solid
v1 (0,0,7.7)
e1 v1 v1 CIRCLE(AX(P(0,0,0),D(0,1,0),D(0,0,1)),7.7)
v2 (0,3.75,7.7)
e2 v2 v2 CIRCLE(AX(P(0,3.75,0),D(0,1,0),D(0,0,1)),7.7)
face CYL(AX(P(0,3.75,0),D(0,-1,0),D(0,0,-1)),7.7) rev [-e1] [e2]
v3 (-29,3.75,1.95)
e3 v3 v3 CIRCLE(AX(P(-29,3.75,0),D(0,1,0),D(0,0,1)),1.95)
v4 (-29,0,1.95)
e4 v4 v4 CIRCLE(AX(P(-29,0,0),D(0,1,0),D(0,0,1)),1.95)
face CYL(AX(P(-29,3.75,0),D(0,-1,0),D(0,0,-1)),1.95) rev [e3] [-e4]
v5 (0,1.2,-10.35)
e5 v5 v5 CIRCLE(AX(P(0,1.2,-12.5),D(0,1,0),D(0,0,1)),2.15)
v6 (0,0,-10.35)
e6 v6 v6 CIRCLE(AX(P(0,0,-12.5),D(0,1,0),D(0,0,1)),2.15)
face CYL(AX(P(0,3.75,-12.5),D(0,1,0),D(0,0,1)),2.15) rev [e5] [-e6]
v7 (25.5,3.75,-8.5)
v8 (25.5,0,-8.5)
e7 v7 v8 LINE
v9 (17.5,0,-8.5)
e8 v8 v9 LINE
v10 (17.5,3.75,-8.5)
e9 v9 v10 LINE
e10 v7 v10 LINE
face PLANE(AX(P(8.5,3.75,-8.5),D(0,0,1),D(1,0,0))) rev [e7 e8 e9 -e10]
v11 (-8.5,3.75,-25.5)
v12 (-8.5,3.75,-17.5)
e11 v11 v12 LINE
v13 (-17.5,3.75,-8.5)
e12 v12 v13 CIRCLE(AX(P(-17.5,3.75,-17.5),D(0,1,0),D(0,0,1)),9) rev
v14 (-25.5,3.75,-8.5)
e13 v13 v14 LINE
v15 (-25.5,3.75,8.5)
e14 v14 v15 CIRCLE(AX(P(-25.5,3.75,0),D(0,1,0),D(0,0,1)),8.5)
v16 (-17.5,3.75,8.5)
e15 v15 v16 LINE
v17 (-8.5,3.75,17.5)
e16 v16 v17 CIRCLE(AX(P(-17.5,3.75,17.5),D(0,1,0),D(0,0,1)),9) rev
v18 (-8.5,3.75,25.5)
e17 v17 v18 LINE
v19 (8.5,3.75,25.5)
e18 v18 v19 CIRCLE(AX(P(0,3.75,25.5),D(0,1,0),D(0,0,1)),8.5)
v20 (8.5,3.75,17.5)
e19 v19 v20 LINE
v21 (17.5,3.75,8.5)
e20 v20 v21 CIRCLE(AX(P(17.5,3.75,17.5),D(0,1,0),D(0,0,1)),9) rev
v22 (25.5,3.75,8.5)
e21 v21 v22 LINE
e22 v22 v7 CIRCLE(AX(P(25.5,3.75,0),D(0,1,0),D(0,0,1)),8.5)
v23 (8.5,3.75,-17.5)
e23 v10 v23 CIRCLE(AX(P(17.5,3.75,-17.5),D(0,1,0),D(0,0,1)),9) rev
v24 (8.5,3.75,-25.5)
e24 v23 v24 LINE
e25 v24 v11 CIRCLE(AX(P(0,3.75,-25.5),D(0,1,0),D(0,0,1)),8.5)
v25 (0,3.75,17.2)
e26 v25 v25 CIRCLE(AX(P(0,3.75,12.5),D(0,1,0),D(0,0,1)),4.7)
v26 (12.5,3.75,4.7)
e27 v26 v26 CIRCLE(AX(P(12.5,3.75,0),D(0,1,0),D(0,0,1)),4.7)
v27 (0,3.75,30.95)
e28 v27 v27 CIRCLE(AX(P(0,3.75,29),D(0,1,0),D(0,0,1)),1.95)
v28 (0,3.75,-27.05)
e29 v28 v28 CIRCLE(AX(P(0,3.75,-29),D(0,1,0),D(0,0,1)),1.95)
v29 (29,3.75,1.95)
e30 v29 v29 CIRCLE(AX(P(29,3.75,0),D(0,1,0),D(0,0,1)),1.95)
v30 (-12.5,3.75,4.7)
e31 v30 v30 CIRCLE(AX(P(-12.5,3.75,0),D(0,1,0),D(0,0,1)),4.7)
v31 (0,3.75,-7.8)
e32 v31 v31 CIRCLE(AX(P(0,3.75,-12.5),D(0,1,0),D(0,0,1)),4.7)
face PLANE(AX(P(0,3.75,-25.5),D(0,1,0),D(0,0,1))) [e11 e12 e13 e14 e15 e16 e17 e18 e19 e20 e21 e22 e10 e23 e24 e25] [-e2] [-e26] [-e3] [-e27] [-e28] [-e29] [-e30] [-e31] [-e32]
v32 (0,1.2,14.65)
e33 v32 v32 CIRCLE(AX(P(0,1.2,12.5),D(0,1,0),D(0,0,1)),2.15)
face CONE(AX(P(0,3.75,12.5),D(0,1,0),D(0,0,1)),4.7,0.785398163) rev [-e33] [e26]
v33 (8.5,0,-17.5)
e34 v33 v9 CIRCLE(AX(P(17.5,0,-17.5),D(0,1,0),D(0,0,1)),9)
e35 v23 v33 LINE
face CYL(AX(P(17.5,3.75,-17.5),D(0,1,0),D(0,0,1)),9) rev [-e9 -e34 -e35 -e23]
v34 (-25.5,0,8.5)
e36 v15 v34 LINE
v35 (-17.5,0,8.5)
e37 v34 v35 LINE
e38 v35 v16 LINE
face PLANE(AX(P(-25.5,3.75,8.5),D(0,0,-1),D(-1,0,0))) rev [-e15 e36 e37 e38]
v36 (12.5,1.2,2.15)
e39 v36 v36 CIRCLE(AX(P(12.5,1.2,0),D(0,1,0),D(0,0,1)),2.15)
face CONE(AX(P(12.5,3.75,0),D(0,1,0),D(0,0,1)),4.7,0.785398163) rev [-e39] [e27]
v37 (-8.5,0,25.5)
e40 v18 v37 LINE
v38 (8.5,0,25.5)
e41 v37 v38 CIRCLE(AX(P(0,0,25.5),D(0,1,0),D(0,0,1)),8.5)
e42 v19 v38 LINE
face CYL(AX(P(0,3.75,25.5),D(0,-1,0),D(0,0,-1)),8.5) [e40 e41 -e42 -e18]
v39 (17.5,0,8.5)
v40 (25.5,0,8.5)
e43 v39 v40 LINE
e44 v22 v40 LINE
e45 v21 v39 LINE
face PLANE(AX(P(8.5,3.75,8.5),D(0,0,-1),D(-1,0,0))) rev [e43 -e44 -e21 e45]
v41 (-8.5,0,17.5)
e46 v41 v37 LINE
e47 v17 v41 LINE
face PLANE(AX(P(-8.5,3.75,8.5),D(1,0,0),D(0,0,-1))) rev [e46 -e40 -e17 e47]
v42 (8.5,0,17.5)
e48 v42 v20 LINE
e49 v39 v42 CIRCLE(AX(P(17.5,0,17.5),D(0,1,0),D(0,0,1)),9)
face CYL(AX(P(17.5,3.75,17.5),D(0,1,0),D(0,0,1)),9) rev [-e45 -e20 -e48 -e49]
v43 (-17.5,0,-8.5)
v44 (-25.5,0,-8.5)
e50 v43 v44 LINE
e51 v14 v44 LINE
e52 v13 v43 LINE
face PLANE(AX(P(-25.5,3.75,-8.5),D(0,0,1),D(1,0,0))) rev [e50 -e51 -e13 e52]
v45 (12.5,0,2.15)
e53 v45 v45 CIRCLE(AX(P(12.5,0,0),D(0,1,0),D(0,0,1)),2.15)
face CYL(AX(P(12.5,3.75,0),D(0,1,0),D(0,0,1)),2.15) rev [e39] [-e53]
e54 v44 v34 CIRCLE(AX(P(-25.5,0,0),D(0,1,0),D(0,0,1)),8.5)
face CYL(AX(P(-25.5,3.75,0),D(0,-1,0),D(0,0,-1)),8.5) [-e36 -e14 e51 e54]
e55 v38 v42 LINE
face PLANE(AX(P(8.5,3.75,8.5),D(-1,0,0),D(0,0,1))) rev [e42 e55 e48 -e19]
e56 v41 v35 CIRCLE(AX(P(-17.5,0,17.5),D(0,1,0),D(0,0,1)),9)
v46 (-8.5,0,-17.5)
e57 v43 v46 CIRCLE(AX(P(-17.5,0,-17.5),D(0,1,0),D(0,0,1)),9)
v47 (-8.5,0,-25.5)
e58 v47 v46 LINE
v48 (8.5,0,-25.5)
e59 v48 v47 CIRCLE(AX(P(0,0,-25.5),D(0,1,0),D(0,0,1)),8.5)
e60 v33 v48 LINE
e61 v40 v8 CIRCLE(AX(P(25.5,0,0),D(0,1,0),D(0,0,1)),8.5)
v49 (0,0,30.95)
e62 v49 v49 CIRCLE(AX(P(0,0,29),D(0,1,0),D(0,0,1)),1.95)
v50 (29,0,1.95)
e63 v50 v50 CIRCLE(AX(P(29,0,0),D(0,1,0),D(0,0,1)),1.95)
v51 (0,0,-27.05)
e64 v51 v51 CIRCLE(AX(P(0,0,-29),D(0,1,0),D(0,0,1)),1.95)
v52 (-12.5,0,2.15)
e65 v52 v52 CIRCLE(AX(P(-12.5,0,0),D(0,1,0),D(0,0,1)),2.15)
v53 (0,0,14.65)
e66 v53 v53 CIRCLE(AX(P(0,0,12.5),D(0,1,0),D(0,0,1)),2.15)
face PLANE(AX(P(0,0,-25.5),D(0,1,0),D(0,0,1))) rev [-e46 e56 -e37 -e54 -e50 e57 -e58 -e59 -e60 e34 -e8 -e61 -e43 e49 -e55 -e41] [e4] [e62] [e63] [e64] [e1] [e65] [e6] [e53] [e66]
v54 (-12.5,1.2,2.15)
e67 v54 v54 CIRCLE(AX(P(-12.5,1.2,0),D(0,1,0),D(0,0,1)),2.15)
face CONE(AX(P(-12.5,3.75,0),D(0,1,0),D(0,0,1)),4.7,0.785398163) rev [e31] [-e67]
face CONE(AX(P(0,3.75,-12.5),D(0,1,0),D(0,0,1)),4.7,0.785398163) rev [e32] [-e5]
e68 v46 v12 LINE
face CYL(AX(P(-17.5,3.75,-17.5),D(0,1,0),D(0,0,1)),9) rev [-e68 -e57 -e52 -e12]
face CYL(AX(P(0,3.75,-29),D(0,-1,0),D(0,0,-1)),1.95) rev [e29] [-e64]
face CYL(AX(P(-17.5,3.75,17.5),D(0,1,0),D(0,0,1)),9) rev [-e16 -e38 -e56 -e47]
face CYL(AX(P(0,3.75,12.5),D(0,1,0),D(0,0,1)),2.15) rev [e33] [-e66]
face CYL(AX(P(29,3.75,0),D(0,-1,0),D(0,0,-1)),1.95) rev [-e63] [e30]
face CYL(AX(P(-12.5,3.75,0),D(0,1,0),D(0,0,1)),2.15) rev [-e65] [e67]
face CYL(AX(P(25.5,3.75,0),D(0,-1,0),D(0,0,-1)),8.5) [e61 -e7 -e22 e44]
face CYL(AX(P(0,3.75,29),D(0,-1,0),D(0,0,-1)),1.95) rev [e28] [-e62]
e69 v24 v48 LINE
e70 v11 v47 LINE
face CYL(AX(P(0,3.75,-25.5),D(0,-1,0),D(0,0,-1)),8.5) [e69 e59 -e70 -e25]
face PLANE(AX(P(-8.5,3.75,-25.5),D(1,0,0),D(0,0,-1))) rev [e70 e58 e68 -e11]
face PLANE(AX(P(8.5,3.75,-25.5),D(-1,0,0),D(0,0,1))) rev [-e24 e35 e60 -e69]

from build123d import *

# Parameters (mm, degrees)
SKETCH1_R                                      = 7.7
SKETCH1_R_2                                    = 1.95
BOSS_EXTRUDE1_DEPTH                            = 3.75
FILLET1_R                                      = 9
CSK_FOR_M4_FLAT_HEAD_MACHINE_SCREW1_AT_2_COUNT = 2
CSK_FOR_M4_FLAT_HEAD_MACHINE_SCREW1_AT_2_PITCH = 17.67766953
CSK_FOR_M4_FLAT_HEAD_MACHINE_SCREW1_AT_3_COUNT = 2
CSK_FOR_M4_FLAT_HEAD_MACHINE_SCREW1_AT_3_PITCH = 17.67766953
CSK_FOR_M4_FLAT_HEAD_MACHINE_SCREW1_AT_4_COUNT = 2
CSK_FOR_M4_FLAT_HEAD_MACHINE_SCREW1_AT_4_PITCH = 25


with BuildPart() as part:
    # Sketch1 → Boss-Extrude1 (new body)
    with BuildSketch(Plane(origin=(0, 0, 0), x_dir=(1, 0, 0), z_dir=(0, 1, 0))):
        with BuildLine():
            Line((-8.5, 25.5), (-8.5, 8.5))
            Line((-8.5, 8.5), (-25.5, 8.5))
            ThreePointArc((-25.5, 8.5), (-34, 0), (-25.5, -8.5))
            Line((-25.5, -8.5), (-8.5, -8.5))
            Line((-8.5, -8.5), (-8.5, -25.5))
            ThreePointArc((-8.5, -25.5), (0, -34), (8.5, -25.5))
            Line((8.5, -25.5), (8.5, -8.5))
            Line((8.5, -8.5), (25.5, -8.5))
            ThreePointArc((25.5, -8.5), (34, 0), (25.5, 8.5))
            Line((25.5, 8.5), (8.5, 8.5))
            Line((8.5, 8.5), (8.5, 25.5))
            ThreePointArc((8.5, 25.5), (0, 34), (-8.5, 25.5))
        make_face()
        Circle(SKETCH1_R, mode=Mode.SUBTRACT)
        with Locations((0, 29)):
            Circle(SKETCH1_R_2, mode=Mode.SUBTRACT)
        with Locations((29, 0)):
            Circle(SKETCH1_R_2, mode=Mode.SUBTRACT)
        with Locations((0, -29)):
            Circle(SKETCH1_R_2, mode=Mode.SUBTRACT)
        with Locations((-29, 0)):
            Circle(SKETCH1_R_2, mode=Mode.SUBTRACT)
    extrude(amount=BOSS_EXTRUDE1_DEPTH)

    # Fillet1
    fillet1_edges = [part.edges().sort_by_distance(p)[0] for p in [
        (-8.5, 1.875, -8.5),
        (8.5, 1.875, -8.5),
        (8.5, 1.875, 8.5),
        (-8.5, 1.875, 8.5),
    ]]
    fillet(fillet1_edges, radius=FILLET1_R)

    # Sketch3 → CSK for M4 Flat Head Machine Screw1 (revolve, cut)
    with BuildSketch(Plane(origin=(12.5, 3.75, 0), x_dir=(0, 0, 1), z_dir=(1, 0, 0))):
        Polygon((0, 0), (0, 3.75), (2.15, 3.75), (2.15, 2.55), (4.7, 0), align=None)
    csk_for_m4_flat_head_machine_screw1 = revolve(axis=Axis((12.5, 10.1, 0), (0, -1, 0)), mode=Mode.SUBTRACT)

    # CSK for M4 Flat Head Machine Screw1 at 2: CSK for M4 Flat Head Machine Screw1 ×2
    with Locations(*[Vector(-0.707106781, 0, -0.707106781) * (i * CSK_FOR_M4_FLAT_HEAD_MACHINE_SCREW1_AT_2_PITCH) for i in range(1, CSK_FOR_M4_FLAT_HEAD_MACHINE_SCREW1_AT_2_COUNT)]):
        add(csk_for_m4_flat_head_machine_screw1, mode=Mode.SUBTRACT)

    # CSK for M4 Flat Head Machine Screw1 at 3: CSK for M4 Flat Head Machine Screw1 ×2
    with Locations(*[Vector(-0.707106781, 0, 0.707106781) * (i * CSK_FOR_M4_FLAT_HEAD_MACHINE_SCREW1_AT_3_PITCH) for i in range(1, CSK_FOR_M4_FLAT_HEAD_MACHINE_SCREW1_AT_3_COUNT)]):
        add(csk_for_m4_flat_head_machine_screw1, mode=Mode.SUBTRACT)

    # CSK for M4 Flat Head Machine Screw1 at 4: CSK for M4 Flat Head Machine Screw1 ×2
    with Locations(*[(-i * CSK_FOR_M4_FLAT_HEAD_MACHINE_SCREW1_AT_4_PITCH, 0, 0) for i in range(1, CSK_FOR_M4_FLAT_HEAD_MACHINE_SCREW1_AT_4_COUNT)]):
        add(csk_for_m4_flat_head_machine_screw1, mode=Mode.SUBTRACT)


solid = part.part
